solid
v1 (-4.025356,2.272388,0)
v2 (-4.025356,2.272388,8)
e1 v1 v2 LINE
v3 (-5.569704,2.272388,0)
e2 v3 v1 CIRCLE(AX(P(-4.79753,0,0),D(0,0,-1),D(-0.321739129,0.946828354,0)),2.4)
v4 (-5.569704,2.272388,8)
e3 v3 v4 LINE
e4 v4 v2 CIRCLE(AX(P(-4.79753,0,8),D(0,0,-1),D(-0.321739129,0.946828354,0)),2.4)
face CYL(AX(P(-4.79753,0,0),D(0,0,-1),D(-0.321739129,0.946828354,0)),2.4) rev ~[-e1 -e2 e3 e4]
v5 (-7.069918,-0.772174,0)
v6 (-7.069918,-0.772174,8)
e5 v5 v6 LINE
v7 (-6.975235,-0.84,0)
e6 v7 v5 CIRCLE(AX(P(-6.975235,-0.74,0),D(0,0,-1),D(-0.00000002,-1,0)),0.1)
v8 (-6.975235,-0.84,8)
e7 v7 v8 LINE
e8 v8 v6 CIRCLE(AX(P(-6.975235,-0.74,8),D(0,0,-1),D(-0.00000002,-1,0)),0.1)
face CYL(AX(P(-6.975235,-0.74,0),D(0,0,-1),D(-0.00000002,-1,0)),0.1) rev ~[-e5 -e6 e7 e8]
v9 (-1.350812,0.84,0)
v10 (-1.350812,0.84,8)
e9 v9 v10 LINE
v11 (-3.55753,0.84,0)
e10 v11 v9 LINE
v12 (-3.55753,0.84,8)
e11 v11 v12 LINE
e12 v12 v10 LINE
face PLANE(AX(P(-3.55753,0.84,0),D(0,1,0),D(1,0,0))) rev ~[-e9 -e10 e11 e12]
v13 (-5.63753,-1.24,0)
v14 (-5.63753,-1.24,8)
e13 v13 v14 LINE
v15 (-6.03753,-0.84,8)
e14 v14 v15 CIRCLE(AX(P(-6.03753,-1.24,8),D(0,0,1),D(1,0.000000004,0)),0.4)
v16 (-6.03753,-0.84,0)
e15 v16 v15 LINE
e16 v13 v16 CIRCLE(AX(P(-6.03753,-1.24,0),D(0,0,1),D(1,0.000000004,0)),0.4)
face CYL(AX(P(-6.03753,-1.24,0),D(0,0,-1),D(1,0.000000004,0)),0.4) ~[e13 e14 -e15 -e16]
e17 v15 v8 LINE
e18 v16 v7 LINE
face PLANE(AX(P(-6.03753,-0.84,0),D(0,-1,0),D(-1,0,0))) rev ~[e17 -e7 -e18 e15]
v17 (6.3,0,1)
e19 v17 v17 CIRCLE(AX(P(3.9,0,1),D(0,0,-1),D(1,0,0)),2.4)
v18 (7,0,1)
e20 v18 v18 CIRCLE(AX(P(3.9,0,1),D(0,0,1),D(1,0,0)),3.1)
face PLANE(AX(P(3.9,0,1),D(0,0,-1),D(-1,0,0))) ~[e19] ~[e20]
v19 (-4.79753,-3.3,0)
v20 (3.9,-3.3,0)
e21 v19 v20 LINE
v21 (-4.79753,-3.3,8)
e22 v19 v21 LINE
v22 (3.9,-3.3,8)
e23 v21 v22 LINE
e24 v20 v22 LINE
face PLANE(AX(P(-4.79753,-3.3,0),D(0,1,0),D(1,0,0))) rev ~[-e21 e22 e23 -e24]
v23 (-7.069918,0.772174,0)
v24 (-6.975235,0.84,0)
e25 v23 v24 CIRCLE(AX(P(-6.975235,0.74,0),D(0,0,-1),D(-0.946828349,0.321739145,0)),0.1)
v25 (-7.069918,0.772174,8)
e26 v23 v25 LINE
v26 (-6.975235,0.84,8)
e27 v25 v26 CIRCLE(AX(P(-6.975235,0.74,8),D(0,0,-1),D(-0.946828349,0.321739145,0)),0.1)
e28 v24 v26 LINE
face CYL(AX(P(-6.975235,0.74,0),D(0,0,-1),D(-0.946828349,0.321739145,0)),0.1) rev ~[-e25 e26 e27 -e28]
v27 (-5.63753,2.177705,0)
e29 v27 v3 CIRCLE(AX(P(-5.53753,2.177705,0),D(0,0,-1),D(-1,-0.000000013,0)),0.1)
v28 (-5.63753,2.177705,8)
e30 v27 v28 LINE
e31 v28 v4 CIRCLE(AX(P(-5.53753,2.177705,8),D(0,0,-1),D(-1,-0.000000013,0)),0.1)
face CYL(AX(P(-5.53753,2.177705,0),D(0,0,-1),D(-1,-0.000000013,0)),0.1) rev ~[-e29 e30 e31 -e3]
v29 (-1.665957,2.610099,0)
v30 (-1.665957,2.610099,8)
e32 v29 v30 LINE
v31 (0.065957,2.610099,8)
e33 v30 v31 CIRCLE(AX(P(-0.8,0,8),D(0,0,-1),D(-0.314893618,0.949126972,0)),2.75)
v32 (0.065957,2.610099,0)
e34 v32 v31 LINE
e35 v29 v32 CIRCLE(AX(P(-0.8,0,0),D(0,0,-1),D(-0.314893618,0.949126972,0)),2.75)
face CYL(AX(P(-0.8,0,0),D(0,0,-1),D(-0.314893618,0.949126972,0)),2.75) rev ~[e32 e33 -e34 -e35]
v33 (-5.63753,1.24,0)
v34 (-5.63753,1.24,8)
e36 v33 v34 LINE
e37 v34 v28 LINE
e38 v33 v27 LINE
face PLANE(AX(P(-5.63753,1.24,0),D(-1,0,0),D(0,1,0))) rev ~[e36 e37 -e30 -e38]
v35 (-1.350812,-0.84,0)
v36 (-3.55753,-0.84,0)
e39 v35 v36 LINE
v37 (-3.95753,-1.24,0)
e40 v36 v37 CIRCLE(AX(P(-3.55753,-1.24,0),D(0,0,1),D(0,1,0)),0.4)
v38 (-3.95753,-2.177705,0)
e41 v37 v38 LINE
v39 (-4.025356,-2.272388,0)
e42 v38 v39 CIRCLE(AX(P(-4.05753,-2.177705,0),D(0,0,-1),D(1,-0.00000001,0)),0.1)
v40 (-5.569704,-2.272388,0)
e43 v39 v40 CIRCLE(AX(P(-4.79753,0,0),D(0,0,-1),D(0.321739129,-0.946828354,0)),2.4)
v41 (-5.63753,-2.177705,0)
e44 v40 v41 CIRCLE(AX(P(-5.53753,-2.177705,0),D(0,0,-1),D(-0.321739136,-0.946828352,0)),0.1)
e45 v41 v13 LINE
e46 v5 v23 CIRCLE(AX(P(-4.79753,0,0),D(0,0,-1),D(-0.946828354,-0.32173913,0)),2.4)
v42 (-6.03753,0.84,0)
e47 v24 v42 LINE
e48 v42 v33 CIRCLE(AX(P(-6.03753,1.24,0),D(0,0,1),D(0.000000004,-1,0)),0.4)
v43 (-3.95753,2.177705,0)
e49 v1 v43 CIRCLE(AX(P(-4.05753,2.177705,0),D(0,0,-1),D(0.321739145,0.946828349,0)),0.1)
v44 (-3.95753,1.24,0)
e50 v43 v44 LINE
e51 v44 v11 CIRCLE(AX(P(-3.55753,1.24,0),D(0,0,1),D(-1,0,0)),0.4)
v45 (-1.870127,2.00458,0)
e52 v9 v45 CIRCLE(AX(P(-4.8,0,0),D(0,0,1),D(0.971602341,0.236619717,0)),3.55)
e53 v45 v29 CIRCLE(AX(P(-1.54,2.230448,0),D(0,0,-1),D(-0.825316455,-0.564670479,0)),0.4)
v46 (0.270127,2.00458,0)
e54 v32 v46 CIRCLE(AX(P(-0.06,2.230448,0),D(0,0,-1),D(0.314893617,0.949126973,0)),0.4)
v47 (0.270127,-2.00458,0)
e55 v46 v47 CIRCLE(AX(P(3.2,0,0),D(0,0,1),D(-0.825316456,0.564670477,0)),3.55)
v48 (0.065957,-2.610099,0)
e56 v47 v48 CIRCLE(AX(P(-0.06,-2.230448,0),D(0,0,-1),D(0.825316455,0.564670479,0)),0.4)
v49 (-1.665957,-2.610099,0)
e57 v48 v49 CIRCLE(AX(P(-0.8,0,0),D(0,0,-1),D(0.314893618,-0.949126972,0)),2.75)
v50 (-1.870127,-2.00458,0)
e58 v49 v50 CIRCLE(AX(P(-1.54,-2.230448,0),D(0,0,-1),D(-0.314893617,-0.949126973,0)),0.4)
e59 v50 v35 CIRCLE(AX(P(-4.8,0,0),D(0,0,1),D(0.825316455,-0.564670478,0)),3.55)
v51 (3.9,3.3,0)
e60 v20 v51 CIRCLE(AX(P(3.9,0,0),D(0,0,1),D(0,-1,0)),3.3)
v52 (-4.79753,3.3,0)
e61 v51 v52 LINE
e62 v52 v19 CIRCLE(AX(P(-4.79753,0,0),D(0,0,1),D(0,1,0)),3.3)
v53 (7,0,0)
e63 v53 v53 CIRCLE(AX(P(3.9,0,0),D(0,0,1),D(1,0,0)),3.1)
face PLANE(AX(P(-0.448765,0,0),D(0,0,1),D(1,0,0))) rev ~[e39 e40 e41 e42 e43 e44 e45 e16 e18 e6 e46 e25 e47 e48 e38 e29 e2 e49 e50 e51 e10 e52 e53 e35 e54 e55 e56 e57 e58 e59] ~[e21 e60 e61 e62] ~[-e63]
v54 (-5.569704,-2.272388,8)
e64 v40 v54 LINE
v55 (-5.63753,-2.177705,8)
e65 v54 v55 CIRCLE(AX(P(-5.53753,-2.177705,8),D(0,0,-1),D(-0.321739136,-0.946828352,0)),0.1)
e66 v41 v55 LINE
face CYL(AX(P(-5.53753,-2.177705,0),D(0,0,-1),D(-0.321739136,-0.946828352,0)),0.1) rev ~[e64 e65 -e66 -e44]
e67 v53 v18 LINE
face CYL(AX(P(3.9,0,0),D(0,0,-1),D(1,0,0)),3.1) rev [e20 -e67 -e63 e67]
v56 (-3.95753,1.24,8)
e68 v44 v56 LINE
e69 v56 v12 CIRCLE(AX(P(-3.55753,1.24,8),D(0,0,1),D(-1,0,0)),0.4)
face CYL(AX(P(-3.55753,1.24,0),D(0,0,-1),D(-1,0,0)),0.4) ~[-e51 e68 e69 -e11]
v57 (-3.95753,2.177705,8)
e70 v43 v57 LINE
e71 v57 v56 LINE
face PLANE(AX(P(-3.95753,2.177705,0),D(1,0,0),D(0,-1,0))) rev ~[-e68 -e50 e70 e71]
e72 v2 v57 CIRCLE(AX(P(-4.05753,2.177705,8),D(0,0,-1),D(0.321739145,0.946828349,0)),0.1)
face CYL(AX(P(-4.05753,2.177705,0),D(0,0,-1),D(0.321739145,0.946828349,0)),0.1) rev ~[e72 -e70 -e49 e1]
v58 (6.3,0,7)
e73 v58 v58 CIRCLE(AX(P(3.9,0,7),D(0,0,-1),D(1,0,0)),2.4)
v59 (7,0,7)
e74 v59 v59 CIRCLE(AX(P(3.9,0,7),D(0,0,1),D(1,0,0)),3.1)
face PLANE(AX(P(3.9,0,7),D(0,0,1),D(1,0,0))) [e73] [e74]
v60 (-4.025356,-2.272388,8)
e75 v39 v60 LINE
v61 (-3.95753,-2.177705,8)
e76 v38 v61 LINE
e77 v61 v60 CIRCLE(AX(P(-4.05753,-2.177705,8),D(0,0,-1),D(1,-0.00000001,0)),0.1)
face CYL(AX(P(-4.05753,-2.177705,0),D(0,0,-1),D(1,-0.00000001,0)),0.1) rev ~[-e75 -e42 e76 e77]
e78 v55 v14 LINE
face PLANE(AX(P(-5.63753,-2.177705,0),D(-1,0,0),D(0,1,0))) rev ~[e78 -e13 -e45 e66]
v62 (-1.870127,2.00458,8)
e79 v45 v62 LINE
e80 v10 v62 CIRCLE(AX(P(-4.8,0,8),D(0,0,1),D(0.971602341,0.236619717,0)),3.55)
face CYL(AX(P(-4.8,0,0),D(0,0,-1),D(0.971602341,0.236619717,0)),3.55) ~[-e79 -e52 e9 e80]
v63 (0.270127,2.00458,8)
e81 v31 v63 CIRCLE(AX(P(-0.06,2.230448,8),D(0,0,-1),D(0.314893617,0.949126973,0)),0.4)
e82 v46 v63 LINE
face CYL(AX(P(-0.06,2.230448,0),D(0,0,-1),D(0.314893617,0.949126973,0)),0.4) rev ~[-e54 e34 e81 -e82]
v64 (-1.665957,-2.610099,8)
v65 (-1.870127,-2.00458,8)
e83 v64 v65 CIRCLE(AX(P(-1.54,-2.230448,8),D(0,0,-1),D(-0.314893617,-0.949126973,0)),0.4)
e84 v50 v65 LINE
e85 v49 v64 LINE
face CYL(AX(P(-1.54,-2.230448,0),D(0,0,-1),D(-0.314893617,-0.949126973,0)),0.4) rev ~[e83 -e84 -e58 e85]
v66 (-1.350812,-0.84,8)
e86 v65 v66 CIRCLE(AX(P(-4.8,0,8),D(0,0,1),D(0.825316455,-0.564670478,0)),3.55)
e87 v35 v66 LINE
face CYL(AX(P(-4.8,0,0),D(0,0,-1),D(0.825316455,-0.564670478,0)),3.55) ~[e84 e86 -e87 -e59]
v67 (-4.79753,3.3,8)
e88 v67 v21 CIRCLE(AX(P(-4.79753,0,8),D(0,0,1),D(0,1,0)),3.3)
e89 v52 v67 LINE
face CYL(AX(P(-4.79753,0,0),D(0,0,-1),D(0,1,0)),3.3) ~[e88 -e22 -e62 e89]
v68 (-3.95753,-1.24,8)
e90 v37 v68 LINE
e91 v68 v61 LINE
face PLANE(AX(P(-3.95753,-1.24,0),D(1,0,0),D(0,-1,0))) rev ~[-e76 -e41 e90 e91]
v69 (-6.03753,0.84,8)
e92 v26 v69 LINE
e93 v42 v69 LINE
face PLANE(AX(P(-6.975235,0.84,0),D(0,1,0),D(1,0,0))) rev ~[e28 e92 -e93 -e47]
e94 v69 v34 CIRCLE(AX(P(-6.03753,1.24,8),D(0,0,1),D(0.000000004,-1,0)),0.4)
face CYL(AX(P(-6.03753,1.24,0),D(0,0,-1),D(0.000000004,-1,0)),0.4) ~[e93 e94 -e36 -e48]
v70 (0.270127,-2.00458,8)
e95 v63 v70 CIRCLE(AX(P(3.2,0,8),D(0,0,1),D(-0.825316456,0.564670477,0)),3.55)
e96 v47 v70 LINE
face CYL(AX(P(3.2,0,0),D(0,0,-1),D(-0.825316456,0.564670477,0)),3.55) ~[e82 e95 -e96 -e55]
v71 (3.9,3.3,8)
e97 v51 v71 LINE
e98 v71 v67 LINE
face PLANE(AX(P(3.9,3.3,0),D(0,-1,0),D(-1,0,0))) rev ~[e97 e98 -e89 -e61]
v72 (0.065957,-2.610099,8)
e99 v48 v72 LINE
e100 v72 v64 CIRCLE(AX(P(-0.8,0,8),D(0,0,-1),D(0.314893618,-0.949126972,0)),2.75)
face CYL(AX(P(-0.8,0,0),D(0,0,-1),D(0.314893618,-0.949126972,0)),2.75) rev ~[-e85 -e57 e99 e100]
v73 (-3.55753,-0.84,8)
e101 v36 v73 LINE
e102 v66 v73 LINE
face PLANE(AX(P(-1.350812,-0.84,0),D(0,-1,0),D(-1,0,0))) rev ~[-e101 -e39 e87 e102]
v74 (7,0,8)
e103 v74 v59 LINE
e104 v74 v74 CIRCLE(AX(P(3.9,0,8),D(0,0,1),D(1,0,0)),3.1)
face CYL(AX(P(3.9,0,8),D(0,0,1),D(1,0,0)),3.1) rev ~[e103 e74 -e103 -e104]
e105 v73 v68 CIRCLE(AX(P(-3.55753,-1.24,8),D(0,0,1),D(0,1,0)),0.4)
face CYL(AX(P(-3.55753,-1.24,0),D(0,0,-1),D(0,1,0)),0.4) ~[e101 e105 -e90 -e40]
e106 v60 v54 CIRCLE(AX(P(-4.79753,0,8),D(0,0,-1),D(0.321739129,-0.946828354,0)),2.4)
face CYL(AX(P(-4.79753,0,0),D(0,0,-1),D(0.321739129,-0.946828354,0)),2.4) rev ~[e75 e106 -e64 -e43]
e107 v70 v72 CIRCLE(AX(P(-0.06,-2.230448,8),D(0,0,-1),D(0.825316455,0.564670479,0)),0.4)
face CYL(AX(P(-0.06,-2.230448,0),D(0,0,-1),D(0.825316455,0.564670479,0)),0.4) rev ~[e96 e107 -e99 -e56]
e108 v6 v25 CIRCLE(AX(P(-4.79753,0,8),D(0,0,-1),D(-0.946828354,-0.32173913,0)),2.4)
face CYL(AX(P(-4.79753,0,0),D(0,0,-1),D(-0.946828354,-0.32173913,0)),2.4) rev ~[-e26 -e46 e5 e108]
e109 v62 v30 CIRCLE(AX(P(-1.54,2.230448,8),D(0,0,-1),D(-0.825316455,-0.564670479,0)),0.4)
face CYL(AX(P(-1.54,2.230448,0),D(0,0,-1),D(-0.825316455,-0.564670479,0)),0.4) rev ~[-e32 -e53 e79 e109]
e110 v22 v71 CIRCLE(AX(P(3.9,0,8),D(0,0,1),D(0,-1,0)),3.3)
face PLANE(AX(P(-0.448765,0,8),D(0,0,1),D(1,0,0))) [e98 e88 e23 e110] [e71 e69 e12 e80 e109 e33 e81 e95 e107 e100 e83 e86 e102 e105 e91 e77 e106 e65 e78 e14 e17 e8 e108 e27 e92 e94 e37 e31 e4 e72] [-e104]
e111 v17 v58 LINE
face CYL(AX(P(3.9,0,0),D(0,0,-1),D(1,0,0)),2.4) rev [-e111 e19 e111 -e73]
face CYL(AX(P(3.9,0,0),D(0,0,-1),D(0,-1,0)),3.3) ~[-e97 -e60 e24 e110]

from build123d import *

# Parameters (mm, degrees)
SKETCH2_R           = 2.4
BOSS_EXTRUDE1_DEPTH = 8
SKETCH3_R           = 3.1
CUT_EXTRUDE1_DEPTH  = 1


with BuildPart() as part:
    # Sketch2 → Boss-Extrude1 (new body)
    with BuildSketch(Plane.XY):
        with BuildLine():
            Line((3.9, 3.3), (-4.797530266, 3.3))
            ThreePointArc((-4.797530266, 3.3), (-8.097530266, 0), (-4.797530266, -3.3))
            Line((-4.797530266, -3.3), (3.9, -3.3))
            ThreePointArc((3.9, -3.3), (7.2, 0), (3.9, 3.3))
        make_face()
        with Locations((3.9, 0)):
            Circle(SKETCH2_R, mode=Mode.SUBTRACT)
        with BuildLine():
            Line((-6.975235481, 0.84), (-6.037530266, 0.84))
            ThreePointArc((-6.037530266, 0.84), (-5.754687554, 0.957157288), (-5.637530266, 1.24))
            Line((-5.637530266, 1.24), (-5.637530266, 2.177705214))
            ThreePointArc((-5.637530266, 2.177705214), (-5.618824151, 2.235940121), (-5.56970418, 2.27238805))
            ThreePointArc((-5.56970418, 2.27238805), (-4.797530266, 2.4), (-4.025356353, 2.27238805))
            ThreePointArc((-4.025356353, 2.27238805), (-3.976236382, 2.235940121), (-3.957530266, 2.177705214))
            Line((-3.957530266, 2.177705214), (-3.957530266, 1.24))
            ThreePointArc((-3.957530266, 1.24), (-3.840372979, 0.957157288), (-3.557530266, 0.84))
            Line((-3.557530266, 0.84), (-2.619825052, 0.84))
            Line((-2.619825052, 0.84), (-2.549330987, 0.84))
            Line((-2.549330987, 0.84), (-1.35081169, 0.84))
            ThreePointArc((-1.35081169, 0.84), (-1.557752494, 1.445797742), (-1.870126582, 2.004580194))
            ThreePointArc((-1.870126582, 2.004580194), (-1.919033599, 2.358251088), (-1.665957447, 2.610099174))
            ThreePointArc((-1.665957447, 2.610099174), (-0.8, 2.75), (0.065957447, 2.610099174))
            ThreePointArc((0.065957447, 2.610099174), (0.319033599, 2.358251088), (0.270126582, 2.004580194))
            ThreePointArc((0.270126582, 2.004580194), (-0.35, 0), (0.270126582, -2.004580194))
            ThreePointArc((0.270126582, -2.004580194), (0.319033599, -2.358251088), (0.065957447, -2.610099174))
            ThreePointArc((0.065957447, -2.610099174), (-0.8, -2.75), (-1.665957447, -2.610099174))
            ThreePointArc((-1.665957447, -2.610099174), (-1.919033599, -2.358251088), (-1.870126582, -2.004580194))
            ThreePointArc((-1.870126582, -2.004580194), (-1.557752494, -1.445797742), (-1.35081169, -0.84))
            Line((-1.35081169, -0.84), (-2.549330987, -0.84))
            Line((-2.549330987, -0.84), (-2.619825052, -0.84))
            Line((-2.619825052, -0.84), (-3.557530266, -0.84))
            ThreePointArc((-3.557530266, -0.84), (-3.840372979, -0.957157288), (-3.957530266, -1.24))
            Line((-3.957530266, -1.24), (-3.957530266, -2.177705214))
            ThreePointArc((-3.957530266, -2.177705214), (-3.976236382, -2.235940121), (-4.025356353, -2.27238805))
            ThreePointArc((-4.025356353, -2.27238805), (-4.797530266, -2.4), (-5.56970418, -2.27238805))
            ThreePointArc((-5.56970418, -2.27238805), (-5.618824151, -2.235940121), (-5.637530266, -2.177705214))
            Line((-5.637530266, -2.177705214), (-5.637530266, -1.24))
            ThreePointArc((-5.637530266, -1.24), (-5.754687554, -0.957157288), (-6.037530266, -0.84))
            Line((-6.037530266, -0.84), (-6.975235481, -0.84))
            ThreePointArc((-6.975235481, -0.84), (-7.033470387, -0.821293884), (-7.069918316, -0.772173913))
            ThreePointArc((-7.069918316, -0.772173913), (-7.197530266, 0), (-7.069918316, 0.772173913))
            ThreePointArc((-7.069918316, 0.772173913), (-7.033470387, 0.821293884), (-6.975235481, 0.84))
        make_face(mode=Mode.SUBTRACT)
    extrude(amount=BOSS_EXTRUDE1_DEPTH)

    # Sketch3 → Cut-Extrude1 (cut)
    with BuildSketch(Plane.XY.offset(8)):
        with Locations((3.9, 0)):
            Circle(SKETCH3_R)
    cut_extrude1 = extrude(amount=-CUT_EXTRUDE1_DEPTH, mode=Mode.SUBTRACT)

    # Mirror1: Cut-Extrude1 across plane
    add(cut_extrude1.mirror(Plane.XY.offset(4)), mode=Mode.SUBTRACT)


solid = part.part
